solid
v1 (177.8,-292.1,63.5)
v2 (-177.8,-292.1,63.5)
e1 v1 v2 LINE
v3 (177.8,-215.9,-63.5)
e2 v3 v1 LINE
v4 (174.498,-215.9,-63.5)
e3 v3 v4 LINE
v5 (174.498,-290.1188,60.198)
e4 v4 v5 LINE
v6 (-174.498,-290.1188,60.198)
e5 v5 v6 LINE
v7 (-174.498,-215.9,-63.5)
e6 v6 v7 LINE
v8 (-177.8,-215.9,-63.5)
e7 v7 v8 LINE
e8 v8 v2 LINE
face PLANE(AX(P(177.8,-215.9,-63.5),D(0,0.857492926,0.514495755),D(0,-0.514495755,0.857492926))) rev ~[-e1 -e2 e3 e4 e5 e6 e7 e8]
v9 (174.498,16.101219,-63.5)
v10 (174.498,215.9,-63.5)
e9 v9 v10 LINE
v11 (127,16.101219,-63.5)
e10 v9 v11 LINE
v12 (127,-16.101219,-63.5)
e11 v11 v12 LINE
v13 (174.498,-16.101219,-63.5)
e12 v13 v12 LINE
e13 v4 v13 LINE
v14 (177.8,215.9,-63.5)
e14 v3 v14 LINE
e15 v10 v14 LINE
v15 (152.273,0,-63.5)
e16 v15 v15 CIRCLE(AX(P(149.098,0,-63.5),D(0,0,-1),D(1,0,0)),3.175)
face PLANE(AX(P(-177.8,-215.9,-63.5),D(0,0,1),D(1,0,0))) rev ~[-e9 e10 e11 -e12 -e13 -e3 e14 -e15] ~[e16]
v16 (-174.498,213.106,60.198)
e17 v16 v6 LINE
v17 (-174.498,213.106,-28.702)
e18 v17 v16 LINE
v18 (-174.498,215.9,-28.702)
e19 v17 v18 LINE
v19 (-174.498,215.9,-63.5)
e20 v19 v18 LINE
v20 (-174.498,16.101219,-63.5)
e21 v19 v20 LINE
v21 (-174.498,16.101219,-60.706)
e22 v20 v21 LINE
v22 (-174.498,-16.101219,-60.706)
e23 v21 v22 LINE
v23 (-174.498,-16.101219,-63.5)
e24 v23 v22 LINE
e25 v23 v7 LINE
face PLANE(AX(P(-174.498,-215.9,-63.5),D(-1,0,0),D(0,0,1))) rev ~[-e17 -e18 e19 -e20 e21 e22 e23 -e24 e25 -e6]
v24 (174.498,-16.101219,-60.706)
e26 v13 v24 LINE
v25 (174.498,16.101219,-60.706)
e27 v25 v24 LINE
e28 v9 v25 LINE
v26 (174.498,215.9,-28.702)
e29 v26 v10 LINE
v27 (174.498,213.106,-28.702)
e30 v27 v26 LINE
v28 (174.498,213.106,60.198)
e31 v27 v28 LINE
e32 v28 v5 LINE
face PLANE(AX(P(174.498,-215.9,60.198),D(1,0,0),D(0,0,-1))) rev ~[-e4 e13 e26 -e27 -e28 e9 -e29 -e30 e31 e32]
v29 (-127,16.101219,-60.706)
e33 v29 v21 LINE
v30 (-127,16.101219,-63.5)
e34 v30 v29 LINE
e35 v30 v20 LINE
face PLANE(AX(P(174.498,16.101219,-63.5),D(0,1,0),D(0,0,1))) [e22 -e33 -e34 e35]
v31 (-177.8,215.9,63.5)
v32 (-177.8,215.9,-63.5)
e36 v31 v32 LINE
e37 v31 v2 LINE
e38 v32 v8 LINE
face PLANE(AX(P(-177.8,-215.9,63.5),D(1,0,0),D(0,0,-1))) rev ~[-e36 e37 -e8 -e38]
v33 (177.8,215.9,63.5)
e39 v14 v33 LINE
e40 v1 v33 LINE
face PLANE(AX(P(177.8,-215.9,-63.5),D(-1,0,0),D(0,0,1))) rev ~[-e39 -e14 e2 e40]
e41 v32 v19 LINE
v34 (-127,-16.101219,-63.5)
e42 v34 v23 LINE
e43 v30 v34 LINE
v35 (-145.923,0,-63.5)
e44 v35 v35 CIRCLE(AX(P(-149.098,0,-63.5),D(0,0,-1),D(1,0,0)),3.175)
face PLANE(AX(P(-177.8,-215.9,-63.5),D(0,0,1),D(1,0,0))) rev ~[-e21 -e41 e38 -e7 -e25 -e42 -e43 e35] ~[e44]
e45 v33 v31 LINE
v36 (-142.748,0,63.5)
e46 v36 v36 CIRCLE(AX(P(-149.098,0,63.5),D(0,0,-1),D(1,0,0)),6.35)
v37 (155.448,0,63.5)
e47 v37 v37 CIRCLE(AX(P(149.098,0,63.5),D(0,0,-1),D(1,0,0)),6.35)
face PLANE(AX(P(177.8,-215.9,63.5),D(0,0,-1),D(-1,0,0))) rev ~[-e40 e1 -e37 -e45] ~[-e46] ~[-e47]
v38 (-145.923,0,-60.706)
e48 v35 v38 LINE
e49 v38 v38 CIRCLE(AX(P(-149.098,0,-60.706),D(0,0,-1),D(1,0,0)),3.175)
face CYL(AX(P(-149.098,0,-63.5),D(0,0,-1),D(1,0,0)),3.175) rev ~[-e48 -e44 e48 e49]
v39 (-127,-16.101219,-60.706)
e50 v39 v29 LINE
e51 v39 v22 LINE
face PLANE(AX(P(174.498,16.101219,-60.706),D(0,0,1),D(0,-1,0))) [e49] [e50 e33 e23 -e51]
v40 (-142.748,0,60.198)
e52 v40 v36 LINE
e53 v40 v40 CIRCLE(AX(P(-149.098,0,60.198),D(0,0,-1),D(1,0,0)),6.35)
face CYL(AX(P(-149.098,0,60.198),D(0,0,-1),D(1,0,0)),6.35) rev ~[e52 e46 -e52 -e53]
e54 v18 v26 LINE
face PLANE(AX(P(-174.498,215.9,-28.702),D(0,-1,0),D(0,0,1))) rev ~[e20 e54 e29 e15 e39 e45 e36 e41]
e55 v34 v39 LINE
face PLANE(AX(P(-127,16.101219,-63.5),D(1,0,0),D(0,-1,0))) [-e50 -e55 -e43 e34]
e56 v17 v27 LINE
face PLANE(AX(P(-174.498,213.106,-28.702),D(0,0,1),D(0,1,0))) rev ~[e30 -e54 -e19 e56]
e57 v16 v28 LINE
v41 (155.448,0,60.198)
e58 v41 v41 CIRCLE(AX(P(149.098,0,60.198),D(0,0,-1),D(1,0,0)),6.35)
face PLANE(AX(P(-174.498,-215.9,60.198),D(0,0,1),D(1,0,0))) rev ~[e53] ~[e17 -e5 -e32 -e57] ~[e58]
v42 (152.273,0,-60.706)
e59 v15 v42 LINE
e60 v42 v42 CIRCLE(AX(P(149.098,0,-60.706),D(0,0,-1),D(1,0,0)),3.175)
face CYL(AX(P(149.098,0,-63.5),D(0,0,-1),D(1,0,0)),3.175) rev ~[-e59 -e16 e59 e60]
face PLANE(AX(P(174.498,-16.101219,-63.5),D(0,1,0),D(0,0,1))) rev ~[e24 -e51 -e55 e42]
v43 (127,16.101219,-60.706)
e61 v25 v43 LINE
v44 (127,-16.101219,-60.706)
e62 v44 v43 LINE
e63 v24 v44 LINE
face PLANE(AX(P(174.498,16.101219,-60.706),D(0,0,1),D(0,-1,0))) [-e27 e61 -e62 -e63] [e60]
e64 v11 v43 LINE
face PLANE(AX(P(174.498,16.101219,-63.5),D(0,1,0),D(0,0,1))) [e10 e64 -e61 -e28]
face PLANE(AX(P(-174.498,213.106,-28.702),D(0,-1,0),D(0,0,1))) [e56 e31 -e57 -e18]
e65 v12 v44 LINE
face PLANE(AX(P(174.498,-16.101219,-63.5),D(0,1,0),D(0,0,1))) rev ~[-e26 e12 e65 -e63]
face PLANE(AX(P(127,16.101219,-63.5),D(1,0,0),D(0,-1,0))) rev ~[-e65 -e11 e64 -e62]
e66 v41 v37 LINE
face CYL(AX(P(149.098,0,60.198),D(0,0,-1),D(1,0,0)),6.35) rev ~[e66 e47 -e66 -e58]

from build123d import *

# Parameters (mm, degrees)
F2_DEPTH      = 215.9
F3_DEPTH      = 76.2
F5_DEPTH      = 375.92
F5_DEPTH_BACK = 25.4
F6_W          = 2.794
F6_H          = 88.9
F7_DEPTH      = 348.996
F8_W          = 32.20243752
F8_H          = 2.794
F9_DEPTH      = 348.996
F10_W         = 254
F10_H         = 32.20243752
F11_DEPTH     = 25.4
F12_R         = 3.175
F13_DEPTH     = 25.4
F15_DEPTH     = 25.4
F16_R         = 6.35
F17_DEPTH     = 25.4


with BuildPart() as f2:
    # F1 (on Front) → F2 (new body, symmetric)
    with BuildSketch(Plane.XZ):
        Polygon((177.8, 63.5), (-177.8, 63.5), (-177.8, -63.5), (-174.498, -63.5), (-174.498, 60.198), (174.498, 60.198), (174.498, -63.5), (177.8, -63.5), align=None)
    extrude(amount=F2_DEPTH, both=True)

    # F3 (add): a face of the model
    f3_faces = [f2.faces().sort_by_distance(p)[0] for p in [
        (176.149, -215.9, -59.7240185382),
    ]]
    extrude(f3_faces, amount=F3_DEPTH)

    # F4 (on face) → F5 (cut, two sides)
    with BuildSketch(Plane.YZ.offset(177.8)) as f5_sk:
        Polygon((-292.1, -63.5), (-215.9, -63.5), (-292.1, 63.5), align=None)
    extrude(amount=-F5_DEPTH, mode=Mode.SUBTRACT)
    extrude(f5_sk.sketch, amount=F5_DEPTH_BACK, mode=Mode.SUBTRACT)

    # F6 (on face) → F7 (join, through all)
    with BuildSketch(Plane.YZ.offset(-174.498)):
        with Locations((214.503, 15.748)):
            Rectangle(F6_W, F6_H)
    extrude(amount=F7_DEPTH)

    # F8 (on face) → F9 (join, through all)
    with BuildSketch(Plane(origin=(174.498, 0, 0), x_dir=(0, -1, 0), z_dir=(-1, 0, 0))):
        with Locations((0, -62.103)):
            Rectangle(F8_W, F8_H)
    extrude(amount=F9_DEPTH)

    # F10 (on face) → F11 (cut)
    with BuildSketch(Plane(origin=(0, 0, -63.5), x_dir=(1, 0, 0), z_dir=(0, 0, -1))):
        Rectangle(F10_W, F10_H)
    extrude(amount=-F11_DEPTH, mode=Mode.SUBTRACT)

    # F12 (on face) → F13 (cut)
    with BuildSketch(Plane(origin=(0, 0, -63.5), x_dir=(1, 0, 0), z_dir=(0, 0, -1))):
        with Locations((149.098, 0)):
            Circle(F12_R)
    extrude(amount=-F13_DEPTH, mode=Mode.SUBTRACT)

    # F14 (on face) → F15 (cut)
    with BuildSketch(Plane(origin=(0, 0, -63.5), x_dir=(1, 0, 0), z_dir=(0, 0, -1))):
        with BuildLine():
            ThreePointArc((-152.273, 0), (-149.098, -3.175), (-145.923, 0))
            ThreePointArc((-145.923, 0), (-149.098, 3.175), (-152.273, 0))
        make_face()
    extrude(amount=-F15_DEPTH, mode=Mode.SUBTRACT)

    # F16 (on face) → F17 (cut)
    with BuildSketch(Plane(origin=(0, 0, 60.198), x_dir=(1, 0, 0), z_dir=(0, 0, -1))):
        with Locations((149.098, 0)):
            Circle(F16_R)
        with Locations((-149.098, 0)):
            Circle(F16_R)
    extrude(amount=-F17_DEPTH, mode=Mode.SUBTRACT)


solid = f2.part
